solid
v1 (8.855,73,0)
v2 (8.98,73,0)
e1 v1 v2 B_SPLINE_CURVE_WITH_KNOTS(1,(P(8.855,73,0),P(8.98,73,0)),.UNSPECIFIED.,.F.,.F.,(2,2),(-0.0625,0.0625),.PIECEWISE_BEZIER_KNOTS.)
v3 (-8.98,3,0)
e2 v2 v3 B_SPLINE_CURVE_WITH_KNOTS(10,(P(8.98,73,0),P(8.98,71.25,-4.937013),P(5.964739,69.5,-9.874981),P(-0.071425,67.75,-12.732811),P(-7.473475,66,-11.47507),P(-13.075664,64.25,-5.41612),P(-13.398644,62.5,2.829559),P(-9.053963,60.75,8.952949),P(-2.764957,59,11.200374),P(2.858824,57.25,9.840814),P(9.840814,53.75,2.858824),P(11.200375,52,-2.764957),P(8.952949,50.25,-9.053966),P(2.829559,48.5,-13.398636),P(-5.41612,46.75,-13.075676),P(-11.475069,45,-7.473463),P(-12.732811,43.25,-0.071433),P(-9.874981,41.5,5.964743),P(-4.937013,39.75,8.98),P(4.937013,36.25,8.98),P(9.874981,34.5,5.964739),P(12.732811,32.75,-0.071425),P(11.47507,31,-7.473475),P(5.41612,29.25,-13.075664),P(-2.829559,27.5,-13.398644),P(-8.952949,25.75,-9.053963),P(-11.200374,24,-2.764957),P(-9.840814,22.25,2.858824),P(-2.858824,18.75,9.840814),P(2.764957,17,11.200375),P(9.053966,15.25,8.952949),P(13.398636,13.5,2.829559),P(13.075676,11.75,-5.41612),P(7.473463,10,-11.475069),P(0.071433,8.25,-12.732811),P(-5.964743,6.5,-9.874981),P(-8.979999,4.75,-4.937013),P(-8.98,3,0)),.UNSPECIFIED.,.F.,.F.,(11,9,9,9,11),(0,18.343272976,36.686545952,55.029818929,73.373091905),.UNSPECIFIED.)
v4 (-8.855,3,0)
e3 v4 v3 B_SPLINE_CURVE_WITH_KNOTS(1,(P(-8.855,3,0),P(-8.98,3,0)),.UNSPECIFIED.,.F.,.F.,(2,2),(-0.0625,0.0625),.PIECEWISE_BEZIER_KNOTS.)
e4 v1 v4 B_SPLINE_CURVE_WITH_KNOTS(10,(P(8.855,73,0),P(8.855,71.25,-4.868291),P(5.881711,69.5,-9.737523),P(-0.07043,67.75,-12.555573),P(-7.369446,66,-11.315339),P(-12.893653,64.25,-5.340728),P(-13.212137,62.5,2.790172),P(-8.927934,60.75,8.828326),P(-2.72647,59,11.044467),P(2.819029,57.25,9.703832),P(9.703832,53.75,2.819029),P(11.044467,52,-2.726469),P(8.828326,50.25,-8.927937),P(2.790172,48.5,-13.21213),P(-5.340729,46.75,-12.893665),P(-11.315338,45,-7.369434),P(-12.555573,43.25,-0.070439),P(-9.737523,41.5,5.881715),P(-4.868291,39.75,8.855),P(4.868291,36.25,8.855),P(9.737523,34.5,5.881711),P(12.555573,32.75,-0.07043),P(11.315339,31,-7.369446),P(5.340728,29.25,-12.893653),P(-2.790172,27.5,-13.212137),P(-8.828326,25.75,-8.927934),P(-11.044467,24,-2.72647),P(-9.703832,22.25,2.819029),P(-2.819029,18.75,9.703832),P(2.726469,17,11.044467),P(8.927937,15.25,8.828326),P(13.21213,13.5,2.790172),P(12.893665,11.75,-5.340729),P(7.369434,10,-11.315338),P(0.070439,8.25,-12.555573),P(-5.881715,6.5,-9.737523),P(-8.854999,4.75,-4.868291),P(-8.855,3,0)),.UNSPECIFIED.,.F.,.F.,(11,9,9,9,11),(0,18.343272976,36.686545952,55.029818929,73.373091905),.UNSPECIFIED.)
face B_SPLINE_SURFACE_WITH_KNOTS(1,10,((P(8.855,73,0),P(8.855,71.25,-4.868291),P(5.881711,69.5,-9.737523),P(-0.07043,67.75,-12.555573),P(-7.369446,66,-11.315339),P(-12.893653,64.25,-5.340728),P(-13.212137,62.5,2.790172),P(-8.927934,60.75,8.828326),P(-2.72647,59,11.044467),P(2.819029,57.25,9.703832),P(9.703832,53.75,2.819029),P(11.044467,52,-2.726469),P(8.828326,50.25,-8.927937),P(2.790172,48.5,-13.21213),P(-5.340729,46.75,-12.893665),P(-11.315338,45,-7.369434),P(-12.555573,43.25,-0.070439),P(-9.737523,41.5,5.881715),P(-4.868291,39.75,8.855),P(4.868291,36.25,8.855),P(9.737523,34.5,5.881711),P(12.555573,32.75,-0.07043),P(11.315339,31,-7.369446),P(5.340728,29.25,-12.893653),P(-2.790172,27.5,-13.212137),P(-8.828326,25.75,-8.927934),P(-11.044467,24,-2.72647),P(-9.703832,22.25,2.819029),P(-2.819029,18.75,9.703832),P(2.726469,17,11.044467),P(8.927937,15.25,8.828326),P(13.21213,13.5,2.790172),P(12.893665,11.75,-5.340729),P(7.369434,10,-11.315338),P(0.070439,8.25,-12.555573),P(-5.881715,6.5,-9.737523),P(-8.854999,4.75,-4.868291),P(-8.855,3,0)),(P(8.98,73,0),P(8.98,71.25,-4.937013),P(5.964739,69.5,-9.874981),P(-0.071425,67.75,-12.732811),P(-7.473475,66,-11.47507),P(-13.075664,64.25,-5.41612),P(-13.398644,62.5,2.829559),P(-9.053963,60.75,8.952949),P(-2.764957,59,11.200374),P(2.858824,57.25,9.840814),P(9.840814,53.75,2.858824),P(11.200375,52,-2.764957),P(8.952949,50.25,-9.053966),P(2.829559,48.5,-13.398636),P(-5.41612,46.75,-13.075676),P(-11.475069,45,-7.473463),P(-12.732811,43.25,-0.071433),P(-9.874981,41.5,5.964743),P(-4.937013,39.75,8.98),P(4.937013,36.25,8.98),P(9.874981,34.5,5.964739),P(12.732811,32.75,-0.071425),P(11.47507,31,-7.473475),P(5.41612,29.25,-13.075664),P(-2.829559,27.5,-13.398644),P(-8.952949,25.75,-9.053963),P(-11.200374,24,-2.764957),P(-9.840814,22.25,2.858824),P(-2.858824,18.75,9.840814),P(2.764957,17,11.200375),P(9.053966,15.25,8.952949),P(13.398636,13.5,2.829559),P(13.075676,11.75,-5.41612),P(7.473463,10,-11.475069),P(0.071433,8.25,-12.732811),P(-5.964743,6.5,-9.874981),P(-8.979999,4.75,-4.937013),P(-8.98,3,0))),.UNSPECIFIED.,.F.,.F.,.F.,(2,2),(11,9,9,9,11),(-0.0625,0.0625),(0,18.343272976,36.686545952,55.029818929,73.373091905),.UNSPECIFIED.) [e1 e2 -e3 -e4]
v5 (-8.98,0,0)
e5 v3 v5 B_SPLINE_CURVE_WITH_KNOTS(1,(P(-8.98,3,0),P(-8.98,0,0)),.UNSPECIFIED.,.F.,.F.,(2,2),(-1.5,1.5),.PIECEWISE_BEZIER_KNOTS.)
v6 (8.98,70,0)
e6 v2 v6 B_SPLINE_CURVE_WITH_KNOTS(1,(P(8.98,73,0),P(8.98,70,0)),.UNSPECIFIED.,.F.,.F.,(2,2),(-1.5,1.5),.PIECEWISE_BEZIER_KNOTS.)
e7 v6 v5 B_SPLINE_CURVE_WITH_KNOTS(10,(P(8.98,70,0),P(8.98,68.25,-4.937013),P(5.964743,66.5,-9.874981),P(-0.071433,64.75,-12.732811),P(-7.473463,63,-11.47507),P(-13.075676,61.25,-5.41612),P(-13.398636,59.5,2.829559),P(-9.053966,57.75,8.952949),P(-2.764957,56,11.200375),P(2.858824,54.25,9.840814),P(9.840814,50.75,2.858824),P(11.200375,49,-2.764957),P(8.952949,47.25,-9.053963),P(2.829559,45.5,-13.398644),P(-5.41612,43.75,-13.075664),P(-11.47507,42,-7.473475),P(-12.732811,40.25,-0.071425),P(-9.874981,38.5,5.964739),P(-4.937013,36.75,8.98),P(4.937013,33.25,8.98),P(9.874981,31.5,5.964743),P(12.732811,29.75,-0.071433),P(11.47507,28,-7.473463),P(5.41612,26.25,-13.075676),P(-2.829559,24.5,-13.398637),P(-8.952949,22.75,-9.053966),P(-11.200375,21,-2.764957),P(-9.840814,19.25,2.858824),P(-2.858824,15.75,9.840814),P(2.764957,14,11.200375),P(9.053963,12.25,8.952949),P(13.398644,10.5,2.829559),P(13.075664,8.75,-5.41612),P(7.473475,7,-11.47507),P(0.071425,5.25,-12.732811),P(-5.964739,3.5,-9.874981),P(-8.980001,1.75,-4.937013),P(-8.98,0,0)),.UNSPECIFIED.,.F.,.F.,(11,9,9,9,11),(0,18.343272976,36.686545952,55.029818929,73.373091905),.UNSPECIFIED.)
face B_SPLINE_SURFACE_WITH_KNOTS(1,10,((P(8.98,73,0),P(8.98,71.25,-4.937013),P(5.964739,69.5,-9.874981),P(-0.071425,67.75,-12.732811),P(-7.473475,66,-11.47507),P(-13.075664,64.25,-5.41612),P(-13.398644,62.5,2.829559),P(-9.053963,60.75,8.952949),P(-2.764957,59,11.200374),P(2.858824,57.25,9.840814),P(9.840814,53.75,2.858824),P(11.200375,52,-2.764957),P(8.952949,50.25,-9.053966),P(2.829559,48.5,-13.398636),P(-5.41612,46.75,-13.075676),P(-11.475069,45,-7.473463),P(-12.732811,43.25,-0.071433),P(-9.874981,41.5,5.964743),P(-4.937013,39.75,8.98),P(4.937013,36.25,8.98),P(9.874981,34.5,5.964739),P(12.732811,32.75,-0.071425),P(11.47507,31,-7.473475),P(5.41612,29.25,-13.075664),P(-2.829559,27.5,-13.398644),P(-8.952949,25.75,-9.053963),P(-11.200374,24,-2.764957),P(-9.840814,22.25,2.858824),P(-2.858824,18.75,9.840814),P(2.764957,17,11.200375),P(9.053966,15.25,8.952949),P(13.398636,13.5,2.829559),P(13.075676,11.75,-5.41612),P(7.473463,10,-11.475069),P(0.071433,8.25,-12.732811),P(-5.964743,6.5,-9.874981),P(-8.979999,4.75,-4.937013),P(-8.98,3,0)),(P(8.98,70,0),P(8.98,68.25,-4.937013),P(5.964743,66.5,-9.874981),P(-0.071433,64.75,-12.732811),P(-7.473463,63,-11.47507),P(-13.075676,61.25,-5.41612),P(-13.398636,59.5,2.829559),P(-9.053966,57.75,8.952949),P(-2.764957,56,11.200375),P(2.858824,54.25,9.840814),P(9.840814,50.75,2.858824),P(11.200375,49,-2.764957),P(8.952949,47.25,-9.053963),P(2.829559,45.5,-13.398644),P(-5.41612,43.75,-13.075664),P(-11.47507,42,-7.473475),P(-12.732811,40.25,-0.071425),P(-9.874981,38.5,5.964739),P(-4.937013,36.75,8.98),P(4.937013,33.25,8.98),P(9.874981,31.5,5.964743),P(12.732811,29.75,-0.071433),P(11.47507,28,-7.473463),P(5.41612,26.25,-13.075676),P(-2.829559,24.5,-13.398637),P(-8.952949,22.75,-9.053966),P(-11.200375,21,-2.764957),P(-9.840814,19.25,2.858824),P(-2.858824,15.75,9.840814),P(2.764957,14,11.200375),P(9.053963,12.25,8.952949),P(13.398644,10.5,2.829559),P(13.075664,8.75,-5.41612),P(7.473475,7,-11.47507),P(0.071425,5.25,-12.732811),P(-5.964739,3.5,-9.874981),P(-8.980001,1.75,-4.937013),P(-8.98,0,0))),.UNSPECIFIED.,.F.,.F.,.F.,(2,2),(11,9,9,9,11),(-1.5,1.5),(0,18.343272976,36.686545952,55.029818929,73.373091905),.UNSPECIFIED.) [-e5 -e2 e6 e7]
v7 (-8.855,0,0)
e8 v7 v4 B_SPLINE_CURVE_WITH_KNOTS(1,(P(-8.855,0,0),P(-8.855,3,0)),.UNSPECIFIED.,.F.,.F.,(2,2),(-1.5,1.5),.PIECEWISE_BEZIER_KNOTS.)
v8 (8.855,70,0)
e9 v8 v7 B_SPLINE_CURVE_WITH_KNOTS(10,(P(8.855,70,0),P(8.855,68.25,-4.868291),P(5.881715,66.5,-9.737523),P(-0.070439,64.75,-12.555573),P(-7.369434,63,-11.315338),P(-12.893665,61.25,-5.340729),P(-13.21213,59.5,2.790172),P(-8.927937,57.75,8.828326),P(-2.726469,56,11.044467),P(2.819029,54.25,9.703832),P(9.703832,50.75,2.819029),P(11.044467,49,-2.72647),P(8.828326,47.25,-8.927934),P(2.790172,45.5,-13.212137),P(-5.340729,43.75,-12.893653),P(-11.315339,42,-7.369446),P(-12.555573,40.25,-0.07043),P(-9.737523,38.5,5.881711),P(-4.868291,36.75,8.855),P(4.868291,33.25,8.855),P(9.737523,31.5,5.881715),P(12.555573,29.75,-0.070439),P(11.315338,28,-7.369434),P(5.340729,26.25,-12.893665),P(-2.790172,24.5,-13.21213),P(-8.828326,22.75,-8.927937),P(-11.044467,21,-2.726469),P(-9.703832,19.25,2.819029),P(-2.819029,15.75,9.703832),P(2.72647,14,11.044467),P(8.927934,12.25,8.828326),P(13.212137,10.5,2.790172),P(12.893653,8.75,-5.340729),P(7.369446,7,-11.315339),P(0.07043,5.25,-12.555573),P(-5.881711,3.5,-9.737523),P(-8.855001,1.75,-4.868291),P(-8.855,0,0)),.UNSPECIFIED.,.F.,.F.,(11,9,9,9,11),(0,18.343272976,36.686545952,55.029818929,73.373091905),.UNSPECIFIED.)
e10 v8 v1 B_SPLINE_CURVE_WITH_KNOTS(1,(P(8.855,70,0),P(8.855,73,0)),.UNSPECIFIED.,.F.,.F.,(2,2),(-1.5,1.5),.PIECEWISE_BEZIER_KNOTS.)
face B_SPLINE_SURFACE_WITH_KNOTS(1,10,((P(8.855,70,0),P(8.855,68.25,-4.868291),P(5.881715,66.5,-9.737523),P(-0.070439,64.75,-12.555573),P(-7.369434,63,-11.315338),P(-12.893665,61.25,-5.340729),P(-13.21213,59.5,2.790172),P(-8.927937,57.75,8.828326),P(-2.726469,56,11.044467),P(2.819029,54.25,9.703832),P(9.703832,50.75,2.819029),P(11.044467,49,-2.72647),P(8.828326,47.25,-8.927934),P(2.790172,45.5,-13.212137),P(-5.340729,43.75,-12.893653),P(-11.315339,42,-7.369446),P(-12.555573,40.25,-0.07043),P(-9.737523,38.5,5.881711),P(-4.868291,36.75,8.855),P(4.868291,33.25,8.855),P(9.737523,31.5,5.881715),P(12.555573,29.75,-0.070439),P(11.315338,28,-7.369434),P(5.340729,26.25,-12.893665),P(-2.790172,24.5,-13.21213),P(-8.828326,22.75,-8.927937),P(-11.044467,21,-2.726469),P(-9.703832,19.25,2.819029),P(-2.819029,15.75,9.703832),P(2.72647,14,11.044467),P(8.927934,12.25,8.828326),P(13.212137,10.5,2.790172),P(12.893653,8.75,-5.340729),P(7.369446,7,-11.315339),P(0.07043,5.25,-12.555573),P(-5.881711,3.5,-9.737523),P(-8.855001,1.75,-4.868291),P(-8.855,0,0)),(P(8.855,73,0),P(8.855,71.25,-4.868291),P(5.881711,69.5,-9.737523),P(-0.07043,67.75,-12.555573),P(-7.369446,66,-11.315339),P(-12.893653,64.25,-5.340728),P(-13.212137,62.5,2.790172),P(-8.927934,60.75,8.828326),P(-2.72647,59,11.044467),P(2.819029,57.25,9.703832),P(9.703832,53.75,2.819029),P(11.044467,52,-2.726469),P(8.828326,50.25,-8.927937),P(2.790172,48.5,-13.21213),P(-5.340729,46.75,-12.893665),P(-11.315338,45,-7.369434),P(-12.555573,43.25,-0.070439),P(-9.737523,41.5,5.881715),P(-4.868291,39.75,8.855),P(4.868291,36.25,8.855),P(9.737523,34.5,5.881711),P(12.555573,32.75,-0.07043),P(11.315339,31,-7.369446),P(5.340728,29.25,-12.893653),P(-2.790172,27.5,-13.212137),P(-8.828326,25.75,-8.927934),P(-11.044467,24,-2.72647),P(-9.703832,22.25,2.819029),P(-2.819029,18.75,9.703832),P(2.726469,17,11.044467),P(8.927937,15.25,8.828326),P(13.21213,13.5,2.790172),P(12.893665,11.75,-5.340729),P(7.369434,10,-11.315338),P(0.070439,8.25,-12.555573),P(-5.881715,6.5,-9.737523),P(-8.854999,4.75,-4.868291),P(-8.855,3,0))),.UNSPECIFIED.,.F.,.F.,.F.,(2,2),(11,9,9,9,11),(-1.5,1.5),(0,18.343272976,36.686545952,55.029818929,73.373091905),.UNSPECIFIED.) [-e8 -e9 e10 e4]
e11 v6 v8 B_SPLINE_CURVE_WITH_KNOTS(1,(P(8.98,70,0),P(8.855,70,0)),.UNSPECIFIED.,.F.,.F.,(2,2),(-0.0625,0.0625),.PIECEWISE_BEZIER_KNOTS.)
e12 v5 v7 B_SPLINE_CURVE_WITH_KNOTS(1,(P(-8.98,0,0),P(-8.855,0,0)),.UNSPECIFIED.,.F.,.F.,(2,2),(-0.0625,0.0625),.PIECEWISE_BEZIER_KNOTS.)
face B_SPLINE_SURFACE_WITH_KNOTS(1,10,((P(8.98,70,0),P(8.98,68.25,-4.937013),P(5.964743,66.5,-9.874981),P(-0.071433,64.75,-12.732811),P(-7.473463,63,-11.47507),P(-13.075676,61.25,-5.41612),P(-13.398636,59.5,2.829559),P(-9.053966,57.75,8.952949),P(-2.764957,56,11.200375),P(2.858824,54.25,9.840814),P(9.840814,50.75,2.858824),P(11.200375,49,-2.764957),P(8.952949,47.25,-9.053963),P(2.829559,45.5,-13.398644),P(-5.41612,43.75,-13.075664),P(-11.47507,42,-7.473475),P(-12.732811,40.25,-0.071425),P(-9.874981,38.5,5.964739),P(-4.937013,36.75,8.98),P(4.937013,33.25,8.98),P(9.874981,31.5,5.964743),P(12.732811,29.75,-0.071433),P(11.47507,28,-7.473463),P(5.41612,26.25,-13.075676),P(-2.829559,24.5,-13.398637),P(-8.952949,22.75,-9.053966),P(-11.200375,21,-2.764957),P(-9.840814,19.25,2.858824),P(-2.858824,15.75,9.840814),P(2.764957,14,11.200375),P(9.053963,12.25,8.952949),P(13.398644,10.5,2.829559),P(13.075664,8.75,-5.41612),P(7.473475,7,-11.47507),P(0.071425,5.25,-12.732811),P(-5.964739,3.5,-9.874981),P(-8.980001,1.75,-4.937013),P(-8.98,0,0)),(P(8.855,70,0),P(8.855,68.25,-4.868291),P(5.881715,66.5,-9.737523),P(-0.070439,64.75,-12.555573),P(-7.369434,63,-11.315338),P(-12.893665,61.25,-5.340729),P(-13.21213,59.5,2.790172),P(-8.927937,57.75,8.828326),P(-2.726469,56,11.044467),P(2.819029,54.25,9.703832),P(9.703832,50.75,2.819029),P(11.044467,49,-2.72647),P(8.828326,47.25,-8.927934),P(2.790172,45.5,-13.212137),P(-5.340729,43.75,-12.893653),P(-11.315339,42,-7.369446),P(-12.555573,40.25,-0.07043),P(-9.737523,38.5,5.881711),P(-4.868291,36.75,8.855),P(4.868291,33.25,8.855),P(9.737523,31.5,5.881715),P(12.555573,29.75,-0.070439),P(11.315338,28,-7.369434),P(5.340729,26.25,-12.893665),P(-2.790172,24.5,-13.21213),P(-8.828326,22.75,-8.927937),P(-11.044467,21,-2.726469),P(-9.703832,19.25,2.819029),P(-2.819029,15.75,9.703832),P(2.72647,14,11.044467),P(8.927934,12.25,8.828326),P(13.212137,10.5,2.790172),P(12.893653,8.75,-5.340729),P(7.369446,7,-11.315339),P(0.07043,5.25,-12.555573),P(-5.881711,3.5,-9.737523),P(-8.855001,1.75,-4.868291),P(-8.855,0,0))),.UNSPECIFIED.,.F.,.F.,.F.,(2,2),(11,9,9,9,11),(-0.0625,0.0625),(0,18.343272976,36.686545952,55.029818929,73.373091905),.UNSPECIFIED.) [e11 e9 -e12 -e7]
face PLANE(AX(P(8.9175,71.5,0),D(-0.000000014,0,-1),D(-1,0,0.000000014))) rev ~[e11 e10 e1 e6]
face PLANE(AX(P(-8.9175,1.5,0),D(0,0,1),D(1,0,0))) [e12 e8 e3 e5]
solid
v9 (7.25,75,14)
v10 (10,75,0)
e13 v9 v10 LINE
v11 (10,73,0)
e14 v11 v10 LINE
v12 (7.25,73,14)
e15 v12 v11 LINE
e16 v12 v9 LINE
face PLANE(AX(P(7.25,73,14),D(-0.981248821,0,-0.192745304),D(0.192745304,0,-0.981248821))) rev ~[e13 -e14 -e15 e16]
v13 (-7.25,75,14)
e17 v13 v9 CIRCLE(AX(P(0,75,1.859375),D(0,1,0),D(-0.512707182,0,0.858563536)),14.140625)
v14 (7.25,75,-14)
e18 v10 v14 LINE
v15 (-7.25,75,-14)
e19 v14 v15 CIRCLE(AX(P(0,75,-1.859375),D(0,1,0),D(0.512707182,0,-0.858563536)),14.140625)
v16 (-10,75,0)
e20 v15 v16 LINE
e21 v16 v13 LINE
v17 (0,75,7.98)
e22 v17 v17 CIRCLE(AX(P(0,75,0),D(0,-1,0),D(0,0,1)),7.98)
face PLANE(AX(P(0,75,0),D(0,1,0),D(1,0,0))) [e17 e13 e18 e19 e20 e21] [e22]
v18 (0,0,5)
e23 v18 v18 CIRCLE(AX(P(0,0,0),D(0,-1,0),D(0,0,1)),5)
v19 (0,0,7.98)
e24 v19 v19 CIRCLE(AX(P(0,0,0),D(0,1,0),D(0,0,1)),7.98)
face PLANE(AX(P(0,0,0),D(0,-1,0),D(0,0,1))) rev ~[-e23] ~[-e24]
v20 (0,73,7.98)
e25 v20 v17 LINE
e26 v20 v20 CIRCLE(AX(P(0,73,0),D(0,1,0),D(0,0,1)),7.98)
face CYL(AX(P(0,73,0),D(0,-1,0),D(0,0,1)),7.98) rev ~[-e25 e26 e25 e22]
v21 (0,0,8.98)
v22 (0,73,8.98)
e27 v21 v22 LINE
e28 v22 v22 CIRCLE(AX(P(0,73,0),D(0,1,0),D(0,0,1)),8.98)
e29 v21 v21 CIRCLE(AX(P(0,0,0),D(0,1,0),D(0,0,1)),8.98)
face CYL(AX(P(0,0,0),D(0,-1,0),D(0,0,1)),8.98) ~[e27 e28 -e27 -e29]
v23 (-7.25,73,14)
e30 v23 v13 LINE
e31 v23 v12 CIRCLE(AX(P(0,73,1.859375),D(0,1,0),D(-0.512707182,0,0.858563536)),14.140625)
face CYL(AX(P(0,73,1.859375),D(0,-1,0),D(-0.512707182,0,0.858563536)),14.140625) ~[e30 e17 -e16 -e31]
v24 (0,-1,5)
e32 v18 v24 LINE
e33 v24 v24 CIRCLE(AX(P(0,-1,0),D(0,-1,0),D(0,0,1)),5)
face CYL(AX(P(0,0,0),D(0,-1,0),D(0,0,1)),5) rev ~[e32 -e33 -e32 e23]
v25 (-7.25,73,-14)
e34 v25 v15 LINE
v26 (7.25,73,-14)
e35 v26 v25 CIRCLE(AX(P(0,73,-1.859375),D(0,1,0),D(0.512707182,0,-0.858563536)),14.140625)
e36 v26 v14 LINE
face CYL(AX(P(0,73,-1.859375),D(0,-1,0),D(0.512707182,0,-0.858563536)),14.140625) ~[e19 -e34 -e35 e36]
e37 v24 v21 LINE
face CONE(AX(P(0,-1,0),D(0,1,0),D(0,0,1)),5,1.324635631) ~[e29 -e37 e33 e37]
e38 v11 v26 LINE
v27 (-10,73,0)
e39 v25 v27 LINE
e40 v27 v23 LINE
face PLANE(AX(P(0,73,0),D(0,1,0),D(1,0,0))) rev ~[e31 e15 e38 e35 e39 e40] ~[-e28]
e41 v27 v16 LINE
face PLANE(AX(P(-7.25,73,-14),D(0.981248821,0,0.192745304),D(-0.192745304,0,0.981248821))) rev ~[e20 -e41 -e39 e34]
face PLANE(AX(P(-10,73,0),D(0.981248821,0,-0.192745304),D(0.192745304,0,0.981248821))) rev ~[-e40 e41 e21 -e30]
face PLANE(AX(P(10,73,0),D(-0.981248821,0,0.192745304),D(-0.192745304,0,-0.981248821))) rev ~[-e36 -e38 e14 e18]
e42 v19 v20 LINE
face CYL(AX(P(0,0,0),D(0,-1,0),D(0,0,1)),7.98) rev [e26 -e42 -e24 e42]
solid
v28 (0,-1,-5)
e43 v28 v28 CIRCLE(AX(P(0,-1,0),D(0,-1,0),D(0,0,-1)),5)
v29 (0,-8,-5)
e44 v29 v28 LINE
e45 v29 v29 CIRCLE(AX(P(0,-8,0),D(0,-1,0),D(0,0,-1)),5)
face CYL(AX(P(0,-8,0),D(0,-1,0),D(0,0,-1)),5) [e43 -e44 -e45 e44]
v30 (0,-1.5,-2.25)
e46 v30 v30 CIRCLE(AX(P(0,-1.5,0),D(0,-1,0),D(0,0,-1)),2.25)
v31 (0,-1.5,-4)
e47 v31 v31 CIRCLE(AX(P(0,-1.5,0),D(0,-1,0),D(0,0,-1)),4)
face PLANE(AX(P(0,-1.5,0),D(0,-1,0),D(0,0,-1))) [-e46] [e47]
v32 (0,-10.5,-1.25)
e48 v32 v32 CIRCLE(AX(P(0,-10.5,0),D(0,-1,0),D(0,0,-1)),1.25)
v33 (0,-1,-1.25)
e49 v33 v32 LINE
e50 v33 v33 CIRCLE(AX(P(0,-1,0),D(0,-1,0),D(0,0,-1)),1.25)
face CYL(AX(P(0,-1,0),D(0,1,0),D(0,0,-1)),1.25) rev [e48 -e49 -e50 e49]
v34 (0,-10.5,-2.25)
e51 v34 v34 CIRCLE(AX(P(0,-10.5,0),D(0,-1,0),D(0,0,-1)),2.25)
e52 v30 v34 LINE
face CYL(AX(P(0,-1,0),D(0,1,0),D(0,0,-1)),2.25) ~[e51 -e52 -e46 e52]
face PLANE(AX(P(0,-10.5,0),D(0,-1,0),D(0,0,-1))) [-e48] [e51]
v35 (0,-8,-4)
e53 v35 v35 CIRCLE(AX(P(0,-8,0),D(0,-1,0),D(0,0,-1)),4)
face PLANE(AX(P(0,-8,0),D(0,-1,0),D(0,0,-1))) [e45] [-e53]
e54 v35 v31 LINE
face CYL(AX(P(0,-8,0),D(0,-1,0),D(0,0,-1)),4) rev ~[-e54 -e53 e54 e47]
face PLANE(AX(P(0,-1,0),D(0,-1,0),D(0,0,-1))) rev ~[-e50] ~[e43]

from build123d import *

# Parameters (mm, degrees)
SKETCH2_R           = 8.98
SKETCH2_R_2         = 7.98
BOSS_EXTRUDE1_DEPTH = 73
BOSS_EXTRUDE2_DEPTH = 2
SKETCH6_R           = 5
SKETCH6_R_2         = 2.25
BOSS_EXTRUDE3_DEPTH = 0.5
BOSS_EXTRUDE4_START = 7
SKETCH7_R           = 5
SKETCH7_R_2         = 4
BOSS_EXTRUDE4_DEPTH = 7
SKETCH8_R           = 2.25
SKETCH8_R_2         = 1.25
BOSS_EXTRUDE5_DEPTH = 9.5
SKETCH9_R           = 7.98
CUT_EXTRUDE2_DEPTH  = 9.5
SWEEP1_PITCH        = 20
SWEEP1_HEIGHT       = 70
SWEEP1_RADIUS       = 8.98
SWEEP1_START_ANGLE  = 90
SKETCH10_W          = 0.125
SKETCH10_H          = 3


with BuildPart() as part:
    # Sketch2 → Boss-Extrude1 (new body)
    with BuildSketch(Plane(origin=(0, 0, 0), x_dir=(1, 0, 0), z_dir=(0, 1, 0))):
        Circle(SKETCH2_R)
        Circle(SKETCH2_R_2, mode=Mode.SUBTRACT)
    extrude(amount=BOSS_EXTRUDE1_DEPTH)

    # Sketch3 → Boss-Extrude2 (add)
    with BuildSketch(Plane(origin=(0, 73, 0), x_dir=(1, 0, 0), z_dir=(0, 1, 0))):
        with BuildLine():
            Line((-7.25, 14), (-10, 0))
            Line((-10, 0), (-7.25, -14))
            ThreePointArc((-7.25, -14), (0, -16), (7.25, -14))
            Line((7.25, -14), (10, 0))
            Line((10, 0), (7.25, 14))
            ThreePointArc((7.25, 14), (0, 16), (-7.25, 14))
        make_face()
    extrude(amount=BOSS_EXTRUDE2_DEPTH)

    # Sketch4 → Revolve1 (revolve)
    with BuildSketch(Plane(origin=(0, 0, 0), x_dir=(0, 0, -1), z_dir=(1, 0, 0))):
        Polygon((8.98, 0), (5, 0), (5, -1), align=None)
    revolve(axis=Axis((0, 0, 0), (0, -1, 0)))

    # Sketch9 → Cut-Extrude2 (cut)
    with BuildSketch(Plane.XZ.offset(-73)):
        Circle(SKETCH9_R)
    extrude(amount=-CUT_EXTRUDE2_DEPTH, mode=Mode.SUBTRACT)


with BuildPart() as body_2:
    # Sketch6 → Boss-Extrude3 (new body)
    with BuildSketch(Plane(origin=(0, -1, 0), x_dir=(-1, 0, 0), z_dir=(0, -1, 0))):
        Circle(SKETCH6_R)
        Circle(SKETCH6_R_2, mode=Mode.SUBTRACT)
    extrude(amount=BOSS_EXTRUDE3_DEPTH)

    # Sketch7 → Boss-Extrude4 (add)
    with BuildSketch(Plane(origin=(0, -1, 0), x_dir=(-1, 0, 0), z_dir=(0, -1, 0)).offset(BOSS_EXTRUDE4_START)):
        Circle(SKETCH7_R)
        Circle(SKETCH7_R_2, mode=Mode.SUBTRACT)
    extrude(amount=-BOSS_EXTRUDE4_DEPTH)

    # Sketch8 → Boss-Extrude5 (add)
    with BuildSketch(Plane(origin=(0, -1, 0), x_dir=(-1, 0, 0), z_dir=(0, -1, 0))):
        Circle(SKETCH8_R)
        Circle(SKETCH8_R_2, mode=Mode.SUBTRACT)
    extrude(amount=BOSS_EXTRUDE5_DEPTH)


with BuildPart() as body_3:
    # Sweep1: sweep along a helix
    with BuildLine() as sweep1_path:
        add(Helix(SWEEP1_PITCH, SWEEP1_HEIGHT, SWEEP1_RADIUS, center=(0, 71.5, 0), direction=(0, -1, 0), lefthand=True, mode=Mode.PRIVATE).rotate(Axis((0, 71.5, 0), (0, -1, 0)), SWEEP1_START_ANGLE))
    # Sketch10 → Sweep1 (sweep)
    with BuildSketch(Plane.XY):
        with Locations((-8.9175, 1.5)):
            Rectangle(SKETCH10_W, SKETCH10_H)
    sweep(path=sweep1_path.line, is_frenet=True)


solid = Compound([part.part, body_2.part, body_3.part])
